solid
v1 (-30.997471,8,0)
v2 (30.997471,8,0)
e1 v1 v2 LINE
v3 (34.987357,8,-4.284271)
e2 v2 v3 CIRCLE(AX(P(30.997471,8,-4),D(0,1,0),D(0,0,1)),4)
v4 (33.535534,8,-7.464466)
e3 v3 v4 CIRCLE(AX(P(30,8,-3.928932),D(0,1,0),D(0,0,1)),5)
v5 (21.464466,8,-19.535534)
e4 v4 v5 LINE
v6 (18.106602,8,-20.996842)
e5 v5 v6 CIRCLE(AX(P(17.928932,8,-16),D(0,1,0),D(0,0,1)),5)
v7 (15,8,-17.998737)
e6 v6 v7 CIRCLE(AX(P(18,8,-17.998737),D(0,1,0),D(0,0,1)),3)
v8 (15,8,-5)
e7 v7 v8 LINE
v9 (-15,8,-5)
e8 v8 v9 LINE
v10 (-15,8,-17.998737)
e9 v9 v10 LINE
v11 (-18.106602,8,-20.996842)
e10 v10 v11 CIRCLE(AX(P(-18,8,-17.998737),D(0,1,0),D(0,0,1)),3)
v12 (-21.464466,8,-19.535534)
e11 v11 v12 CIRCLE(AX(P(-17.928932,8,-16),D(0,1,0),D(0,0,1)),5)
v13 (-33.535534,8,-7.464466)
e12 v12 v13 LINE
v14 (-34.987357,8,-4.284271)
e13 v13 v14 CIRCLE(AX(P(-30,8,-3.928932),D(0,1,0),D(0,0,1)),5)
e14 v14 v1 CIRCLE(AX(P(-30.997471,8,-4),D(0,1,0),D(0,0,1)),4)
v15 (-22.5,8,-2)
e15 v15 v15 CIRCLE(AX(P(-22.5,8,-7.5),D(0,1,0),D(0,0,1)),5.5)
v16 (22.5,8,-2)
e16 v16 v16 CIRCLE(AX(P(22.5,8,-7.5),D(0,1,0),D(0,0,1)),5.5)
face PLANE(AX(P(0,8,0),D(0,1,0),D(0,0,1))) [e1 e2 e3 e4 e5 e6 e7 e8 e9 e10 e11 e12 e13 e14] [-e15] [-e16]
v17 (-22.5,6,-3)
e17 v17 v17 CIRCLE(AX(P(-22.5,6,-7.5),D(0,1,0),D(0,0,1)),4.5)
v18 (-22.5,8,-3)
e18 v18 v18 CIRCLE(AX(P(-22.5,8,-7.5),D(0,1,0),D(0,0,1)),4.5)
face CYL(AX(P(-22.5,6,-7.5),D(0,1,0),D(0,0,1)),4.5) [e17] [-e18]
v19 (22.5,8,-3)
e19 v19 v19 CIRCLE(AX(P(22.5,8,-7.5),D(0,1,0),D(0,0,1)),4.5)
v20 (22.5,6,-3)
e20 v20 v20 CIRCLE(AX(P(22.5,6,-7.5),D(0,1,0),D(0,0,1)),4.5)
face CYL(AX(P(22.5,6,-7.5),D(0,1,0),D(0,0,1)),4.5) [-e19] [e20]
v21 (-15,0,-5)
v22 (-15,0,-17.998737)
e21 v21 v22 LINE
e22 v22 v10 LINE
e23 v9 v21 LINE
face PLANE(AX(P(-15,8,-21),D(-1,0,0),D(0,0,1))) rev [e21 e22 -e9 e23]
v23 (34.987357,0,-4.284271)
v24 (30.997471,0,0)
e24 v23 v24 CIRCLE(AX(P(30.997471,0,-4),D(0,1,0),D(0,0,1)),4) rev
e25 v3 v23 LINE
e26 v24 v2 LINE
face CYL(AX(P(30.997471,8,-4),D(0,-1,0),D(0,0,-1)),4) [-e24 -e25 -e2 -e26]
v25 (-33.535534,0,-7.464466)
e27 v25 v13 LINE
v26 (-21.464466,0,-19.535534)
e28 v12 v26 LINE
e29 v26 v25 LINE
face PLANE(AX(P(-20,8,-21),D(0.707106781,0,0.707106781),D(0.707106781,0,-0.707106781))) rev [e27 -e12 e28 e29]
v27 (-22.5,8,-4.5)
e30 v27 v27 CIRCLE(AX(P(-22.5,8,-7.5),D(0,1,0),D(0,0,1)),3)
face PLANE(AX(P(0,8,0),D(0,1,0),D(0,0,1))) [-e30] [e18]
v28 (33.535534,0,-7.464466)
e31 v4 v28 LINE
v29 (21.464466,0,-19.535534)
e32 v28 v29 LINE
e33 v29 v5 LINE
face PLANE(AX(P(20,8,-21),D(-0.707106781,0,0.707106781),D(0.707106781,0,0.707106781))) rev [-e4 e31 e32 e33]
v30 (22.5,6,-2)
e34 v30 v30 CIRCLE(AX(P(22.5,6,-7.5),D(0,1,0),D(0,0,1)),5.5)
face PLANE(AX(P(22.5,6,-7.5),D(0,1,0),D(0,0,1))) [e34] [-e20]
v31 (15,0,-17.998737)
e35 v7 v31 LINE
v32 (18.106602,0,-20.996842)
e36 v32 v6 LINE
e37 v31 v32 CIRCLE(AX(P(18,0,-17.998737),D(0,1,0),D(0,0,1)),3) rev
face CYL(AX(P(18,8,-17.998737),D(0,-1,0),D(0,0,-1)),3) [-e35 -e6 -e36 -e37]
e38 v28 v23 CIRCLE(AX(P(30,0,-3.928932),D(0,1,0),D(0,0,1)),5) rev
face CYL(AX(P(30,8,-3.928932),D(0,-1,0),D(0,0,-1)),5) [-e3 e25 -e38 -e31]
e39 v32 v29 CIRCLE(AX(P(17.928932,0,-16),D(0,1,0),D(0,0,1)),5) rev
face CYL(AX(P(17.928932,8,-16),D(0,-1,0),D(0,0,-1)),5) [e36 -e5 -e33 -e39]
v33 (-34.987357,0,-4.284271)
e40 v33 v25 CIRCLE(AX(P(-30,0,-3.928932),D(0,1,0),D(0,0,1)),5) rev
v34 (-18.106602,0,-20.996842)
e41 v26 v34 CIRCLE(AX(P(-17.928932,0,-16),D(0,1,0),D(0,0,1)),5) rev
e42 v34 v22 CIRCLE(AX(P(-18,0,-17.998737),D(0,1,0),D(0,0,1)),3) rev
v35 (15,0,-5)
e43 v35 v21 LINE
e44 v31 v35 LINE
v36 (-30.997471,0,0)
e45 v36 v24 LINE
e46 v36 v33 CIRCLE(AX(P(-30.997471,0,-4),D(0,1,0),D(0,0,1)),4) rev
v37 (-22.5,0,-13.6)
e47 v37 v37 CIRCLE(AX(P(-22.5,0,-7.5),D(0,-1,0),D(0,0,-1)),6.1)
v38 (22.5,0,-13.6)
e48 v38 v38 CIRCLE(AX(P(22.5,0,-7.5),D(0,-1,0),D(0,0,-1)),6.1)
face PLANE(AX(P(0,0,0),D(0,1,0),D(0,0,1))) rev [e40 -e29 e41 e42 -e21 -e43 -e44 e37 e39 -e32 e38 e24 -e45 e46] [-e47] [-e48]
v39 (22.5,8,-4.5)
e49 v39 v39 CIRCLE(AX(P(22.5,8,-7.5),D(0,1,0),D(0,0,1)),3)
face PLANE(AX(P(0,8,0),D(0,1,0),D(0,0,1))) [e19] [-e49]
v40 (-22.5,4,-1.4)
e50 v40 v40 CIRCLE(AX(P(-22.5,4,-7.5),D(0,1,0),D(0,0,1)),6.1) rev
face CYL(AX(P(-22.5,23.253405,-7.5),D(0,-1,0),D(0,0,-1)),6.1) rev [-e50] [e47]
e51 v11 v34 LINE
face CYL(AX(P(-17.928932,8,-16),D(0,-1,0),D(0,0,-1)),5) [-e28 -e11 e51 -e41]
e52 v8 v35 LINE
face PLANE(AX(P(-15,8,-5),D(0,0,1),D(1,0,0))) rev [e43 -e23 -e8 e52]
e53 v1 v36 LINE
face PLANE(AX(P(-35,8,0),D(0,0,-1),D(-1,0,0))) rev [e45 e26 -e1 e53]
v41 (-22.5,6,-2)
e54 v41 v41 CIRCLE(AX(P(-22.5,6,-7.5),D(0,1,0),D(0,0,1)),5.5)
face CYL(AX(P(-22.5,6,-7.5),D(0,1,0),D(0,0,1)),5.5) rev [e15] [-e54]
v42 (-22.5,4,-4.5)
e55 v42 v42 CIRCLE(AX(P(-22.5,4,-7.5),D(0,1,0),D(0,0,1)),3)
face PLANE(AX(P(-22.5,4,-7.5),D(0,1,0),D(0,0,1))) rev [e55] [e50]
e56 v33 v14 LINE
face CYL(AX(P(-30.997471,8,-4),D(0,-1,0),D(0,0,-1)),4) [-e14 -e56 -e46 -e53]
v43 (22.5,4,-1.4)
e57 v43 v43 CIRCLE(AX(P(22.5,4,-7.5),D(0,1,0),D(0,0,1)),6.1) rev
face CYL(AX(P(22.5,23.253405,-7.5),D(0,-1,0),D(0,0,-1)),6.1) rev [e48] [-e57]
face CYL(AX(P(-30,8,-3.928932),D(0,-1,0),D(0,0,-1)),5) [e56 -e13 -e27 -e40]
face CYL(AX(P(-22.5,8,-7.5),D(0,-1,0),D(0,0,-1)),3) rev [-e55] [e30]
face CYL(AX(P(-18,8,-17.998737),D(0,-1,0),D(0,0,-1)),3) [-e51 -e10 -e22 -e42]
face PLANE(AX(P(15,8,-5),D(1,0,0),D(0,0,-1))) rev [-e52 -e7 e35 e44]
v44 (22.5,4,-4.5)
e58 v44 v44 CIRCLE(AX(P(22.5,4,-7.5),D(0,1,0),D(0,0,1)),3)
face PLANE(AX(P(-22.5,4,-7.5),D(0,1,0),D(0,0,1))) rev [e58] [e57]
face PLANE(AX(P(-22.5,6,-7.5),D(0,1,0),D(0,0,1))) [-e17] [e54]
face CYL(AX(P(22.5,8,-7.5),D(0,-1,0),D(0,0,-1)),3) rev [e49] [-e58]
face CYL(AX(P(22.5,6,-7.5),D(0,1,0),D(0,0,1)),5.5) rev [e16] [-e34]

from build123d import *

# Parameters (mm, degrees)
ESQUISSE1_R             = 3
BOSS_EXTRU_1_DEPTH      = 8
ESQUISSE3_R             = 5.5
ESQUISSE3_R_2           = 4.5
ENL_V_MAT_EXTRU_2_DEPTH = 2
ESQUISSE4_R             = 6.1
ENL_V_MAT_EXTRU_3_DEPTH = 4
CONG_1_R                = 5
CONG_2_R                = 3
CONG_3_R                = 4


with BuildPart() as part:
    # Esquisse1 → Boss.-Extru.1 (new body)
    with BuildSketch(Plane(origin=(0, 0, 0), x_dir=(1, 0, 0), z_dir=(0, 1, 0))):
        Polygon((-35, 0), (35, 0), (35, 6), (20, 21), (15, 21), (15, 5), (-15, 5), (-15, 21), (-20, 21), (-35, 6), align=None)
        with Locations((22.5, 7.5)):
            Circle(ESQUISSE1_R, mode=Mode.SUBTRACT)
        with Locations((-22.5, 7.5)):
            Circle(ESQUISSE1_R, mode=Mode.SUBTRACT)
    extrude(amount=BOSS_EXTRU_1_DEPTH)

    # Esquisse3 → Enlèv. mat.-Extru.2 (cut)
    with BuildSketch(Plane(origin=(0, 8, 0), x_dir=(1, 0, 0), z_dir=(0, 1, 0))):
        with Locations((-22.5, 7.5)):
            Circle(ESQUISSE3_R)
        with Locations((-22.5, 7.5)):
            Circle(ESQUISSE3_R_2, mode=Mode.SUBTRACT)
        with Locations((22.5, 7.5)):
            Circle(ESQUISSE3_R)
        with Locations((22.5, 7.5)):
            Circle(ESQUISSE3_R_2, mode=Mode.SUBTRACT)
    extrude(amount=-ENL_V_MAT_EXTRU_2_DEPTH, mode=Mode.SUBTRACT)

    # Esquisse4 → Enlèv. mat.-Extru.3 (cut)
    with BuildSketch(Plane.XZ):
        with Locations((-22.5, -7.5)):
            Circle(ESQUISSE4_R)
        with Locations((22.5, -7.5)):
            Circle(ESQUISSE4_R)
    extrude(amount=-ENL_V_MAT_EXTRU_3_DEPTH, mode=Mode.SUBTRACT)

    # Congé1
    cong_1_edges = [part.edges().sort_by_distance(p)[0] for p in [
        (-35, 4, -6),
        (-20, 4, -21),
        (20, 4, -21),
        (35, 4, -6),
    ]]
    fillet(cong_1_edges, radius=CONG_1_R)

    # Congé2
    cong_2_edges = [part.edges().sort_by_distance(p)[0] for p in [
        (15, 4, -21),
        (-15, 4, -21),
    ]]
    fillet(cong_2_edges, radius=CONG_2_R)

    # Congé3
    cong_3_edges = [part.edges().sort_by_distance(p)[0] for p in [
        (35, 4, 0),
        (-35, 4, 0),
    ]]
    fillet(cong_3_edges, radius=CONG_3_R)


solid = part.part
